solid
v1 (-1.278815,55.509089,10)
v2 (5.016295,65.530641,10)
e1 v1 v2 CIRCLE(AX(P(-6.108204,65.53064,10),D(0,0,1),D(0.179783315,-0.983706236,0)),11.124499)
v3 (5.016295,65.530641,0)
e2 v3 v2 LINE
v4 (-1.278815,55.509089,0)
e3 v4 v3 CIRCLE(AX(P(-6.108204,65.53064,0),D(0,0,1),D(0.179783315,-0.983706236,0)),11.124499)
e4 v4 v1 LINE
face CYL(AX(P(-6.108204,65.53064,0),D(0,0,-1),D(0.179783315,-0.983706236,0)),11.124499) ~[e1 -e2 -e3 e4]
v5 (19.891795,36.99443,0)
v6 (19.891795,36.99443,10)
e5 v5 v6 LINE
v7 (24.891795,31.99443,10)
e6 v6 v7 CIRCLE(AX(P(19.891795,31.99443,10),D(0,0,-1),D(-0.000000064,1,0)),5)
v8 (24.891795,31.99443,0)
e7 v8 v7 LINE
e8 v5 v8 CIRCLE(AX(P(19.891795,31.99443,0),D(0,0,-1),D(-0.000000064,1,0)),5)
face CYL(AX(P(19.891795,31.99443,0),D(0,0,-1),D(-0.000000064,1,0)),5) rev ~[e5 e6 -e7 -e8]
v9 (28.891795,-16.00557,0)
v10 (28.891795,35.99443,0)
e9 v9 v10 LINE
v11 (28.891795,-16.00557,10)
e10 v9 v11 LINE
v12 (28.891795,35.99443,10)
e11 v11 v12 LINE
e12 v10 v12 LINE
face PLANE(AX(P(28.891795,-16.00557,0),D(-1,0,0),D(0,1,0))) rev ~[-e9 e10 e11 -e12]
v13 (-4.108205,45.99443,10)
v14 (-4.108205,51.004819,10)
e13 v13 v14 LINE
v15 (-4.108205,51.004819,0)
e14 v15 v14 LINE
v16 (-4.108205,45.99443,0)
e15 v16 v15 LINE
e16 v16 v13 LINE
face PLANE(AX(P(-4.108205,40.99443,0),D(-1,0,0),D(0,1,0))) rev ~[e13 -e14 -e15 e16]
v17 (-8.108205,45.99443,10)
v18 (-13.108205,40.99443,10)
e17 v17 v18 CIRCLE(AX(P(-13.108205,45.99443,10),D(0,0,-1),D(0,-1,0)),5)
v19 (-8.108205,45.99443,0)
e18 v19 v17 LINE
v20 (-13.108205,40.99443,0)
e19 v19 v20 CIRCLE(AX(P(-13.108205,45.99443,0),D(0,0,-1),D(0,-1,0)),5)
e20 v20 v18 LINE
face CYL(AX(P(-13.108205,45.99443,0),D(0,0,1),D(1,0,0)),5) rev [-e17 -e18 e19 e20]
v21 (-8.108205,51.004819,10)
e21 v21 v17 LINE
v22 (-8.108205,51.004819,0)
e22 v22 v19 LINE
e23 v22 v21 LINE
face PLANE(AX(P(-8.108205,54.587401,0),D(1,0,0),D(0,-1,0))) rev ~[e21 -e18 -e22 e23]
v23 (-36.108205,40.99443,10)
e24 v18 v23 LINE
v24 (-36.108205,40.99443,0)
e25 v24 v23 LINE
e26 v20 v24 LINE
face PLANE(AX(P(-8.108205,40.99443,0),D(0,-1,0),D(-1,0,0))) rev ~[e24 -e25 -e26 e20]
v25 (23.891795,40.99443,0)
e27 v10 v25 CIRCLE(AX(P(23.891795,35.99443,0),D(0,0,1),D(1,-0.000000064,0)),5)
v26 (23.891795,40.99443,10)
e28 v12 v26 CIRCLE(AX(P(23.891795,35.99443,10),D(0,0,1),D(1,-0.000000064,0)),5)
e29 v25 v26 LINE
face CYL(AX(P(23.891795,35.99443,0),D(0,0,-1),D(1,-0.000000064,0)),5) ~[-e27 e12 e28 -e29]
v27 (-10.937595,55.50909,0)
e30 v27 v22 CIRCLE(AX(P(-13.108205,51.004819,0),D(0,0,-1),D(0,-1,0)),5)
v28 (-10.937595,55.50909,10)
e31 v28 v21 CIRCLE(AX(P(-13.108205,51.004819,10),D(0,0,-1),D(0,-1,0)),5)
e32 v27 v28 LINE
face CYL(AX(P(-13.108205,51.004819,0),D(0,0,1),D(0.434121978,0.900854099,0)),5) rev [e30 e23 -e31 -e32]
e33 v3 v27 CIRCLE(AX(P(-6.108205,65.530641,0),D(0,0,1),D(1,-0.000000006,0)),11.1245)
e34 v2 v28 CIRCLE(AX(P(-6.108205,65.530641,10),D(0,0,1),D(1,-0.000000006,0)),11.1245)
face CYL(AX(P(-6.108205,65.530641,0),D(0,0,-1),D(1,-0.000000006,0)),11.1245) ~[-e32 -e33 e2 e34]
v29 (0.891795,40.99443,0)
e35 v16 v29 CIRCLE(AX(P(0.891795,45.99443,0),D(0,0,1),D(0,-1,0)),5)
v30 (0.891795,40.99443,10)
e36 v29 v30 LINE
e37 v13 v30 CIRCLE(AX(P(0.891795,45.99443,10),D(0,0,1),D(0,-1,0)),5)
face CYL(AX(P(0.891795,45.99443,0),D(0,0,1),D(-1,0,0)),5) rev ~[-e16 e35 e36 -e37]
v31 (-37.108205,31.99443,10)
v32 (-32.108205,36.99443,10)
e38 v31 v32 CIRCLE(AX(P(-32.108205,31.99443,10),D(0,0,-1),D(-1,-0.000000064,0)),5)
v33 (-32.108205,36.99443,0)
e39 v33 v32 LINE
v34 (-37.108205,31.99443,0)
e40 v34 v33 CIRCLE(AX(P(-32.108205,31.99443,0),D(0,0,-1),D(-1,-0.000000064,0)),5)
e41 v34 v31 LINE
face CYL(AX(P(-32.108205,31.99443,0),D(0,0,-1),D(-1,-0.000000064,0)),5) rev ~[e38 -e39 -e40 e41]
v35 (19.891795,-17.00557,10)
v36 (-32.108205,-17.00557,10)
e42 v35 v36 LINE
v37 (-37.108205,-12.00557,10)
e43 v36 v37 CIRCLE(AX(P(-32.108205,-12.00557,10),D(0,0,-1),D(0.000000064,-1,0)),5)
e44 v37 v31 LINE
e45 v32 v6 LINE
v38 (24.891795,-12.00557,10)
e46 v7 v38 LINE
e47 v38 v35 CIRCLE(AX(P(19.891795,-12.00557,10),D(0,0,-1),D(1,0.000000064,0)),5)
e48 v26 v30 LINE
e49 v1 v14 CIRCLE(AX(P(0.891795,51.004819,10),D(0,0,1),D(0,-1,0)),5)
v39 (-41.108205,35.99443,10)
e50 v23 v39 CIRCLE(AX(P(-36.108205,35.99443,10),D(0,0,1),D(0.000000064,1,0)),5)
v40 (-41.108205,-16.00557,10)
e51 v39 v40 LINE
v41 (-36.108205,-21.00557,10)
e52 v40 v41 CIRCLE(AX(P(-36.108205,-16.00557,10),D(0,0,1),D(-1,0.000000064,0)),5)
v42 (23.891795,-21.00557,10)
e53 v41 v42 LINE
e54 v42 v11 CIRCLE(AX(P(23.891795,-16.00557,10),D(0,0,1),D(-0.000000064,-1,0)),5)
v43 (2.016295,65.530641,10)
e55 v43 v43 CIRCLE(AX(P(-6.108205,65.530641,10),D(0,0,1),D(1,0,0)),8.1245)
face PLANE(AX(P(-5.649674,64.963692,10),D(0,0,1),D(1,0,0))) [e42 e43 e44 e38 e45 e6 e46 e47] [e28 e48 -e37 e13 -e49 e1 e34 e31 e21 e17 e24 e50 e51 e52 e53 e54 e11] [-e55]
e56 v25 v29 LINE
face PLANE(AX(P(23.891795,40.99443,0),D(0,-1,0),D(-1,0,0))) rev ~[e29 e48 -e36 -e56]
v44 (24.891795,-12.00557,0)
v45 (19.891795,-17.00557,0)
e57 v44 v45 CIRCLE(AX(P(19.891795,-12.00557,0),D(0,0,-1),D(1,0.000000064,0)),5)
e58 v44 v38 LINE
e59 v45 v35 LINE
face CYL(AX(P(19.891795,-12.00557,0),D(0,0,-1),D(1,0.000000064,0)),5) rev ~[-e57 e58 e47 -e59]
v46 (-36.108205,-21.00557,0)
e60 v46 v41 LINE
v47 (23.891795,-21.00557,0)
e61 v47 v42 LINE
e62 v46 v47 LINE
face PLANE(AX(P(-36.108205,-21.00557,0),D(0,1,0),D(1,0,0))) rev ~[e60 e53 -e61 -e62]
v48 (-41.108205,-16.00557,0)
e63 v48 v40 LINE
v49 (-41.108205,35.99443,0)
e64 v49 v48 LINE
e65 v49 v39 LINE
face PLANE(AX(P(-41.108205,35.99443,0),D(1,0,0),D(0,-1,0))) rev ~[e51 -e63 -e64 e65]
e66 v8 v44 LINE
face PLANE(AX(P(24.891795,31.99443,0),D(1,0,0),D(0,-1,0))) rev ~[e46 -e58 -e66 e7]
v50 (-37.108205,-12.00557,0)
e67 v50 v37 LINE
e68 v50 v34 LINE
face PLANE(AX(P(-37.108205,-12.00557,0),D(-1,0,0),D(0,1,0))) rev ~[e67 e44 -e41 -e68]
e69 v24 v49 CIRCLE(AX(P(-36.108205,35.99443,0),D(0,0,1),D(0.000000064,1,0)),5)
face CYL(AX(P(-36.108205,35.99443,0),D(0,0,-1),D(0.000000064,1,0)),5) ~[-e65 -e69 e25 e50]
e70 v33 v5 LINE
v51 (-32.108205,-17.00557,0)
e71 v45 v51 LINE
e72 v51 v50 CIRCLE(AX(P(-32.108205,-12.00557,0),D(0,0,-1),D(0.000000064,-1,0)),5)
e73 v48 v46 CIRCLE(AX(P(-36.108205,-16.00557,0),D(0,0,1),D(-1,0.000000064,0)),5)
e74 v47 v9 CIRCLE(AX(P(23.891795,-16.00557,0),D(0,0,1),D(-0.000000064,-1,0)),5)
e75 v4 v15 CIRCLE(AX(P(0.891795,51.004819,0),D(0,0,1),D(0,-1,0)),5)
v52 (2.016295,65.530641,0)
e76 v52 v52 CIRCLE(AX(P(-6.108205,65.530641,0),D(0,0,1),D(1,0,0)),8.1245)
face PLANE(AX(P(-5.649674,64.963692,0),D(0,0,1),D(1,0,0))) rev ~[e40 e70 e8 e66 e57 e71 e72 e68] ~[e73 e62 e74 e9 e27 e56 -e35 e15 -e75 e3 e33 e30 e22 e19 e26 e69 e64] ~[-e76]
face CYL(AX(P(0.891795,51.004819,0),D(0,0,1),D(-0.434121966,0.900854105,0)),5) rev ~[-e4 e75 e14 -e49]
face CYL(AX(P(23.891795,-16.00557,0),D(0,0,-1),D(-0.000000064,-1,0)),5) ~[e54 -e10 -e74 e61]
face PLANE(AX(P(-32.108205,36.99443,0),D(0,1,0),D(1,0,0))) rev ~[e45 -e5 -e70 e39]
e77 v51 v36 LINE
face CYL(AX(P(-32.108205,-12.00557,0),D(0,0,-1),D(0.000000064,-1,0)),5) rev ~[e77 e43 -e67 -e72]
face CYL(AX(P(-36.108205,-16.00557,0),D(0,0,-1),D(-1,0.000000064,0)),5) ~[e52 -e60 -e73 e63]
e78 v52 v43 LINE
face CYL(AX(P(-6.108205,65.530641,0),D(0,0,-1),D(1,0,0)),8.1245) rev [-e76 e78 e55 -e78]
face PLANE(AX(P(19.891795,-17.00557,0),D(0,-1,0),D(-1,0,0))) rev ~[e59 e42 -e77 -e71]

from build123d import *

# Parameters (mm, degrees)
F0_R     = 8.1245
F1_DEPTH = 10
F2_R     = 5


with BuildPart() as f1:
    # F0 (on Top) → F1 (new body)
    with BuildSketch(Plane.XY):
        with BuildLine():
            ThreePointArc((5.016295, 65.530641), (-13.232302, 74.074747), (-8.108205, 54.587401))
            ThreePointArc((-8.108205, 54.587401), (-6.108205, 54.406141), (-4.108205, 54.587401))
            ThreePointArc((-4.108205, 54.587401), (2.435901, 58.406544), (5.016295, 65.530641))
        make_face()
        with Locations((-6.108205, 65.530641)):
            Circle(F0_R, mode=Mode.SUBTRACT)
        with BuildLine():
            Line((-8.108205, 40.99443), (-36.108205, 40.99443))
            ThreePointArc((-36.108205, 40.99443), (-39.643739, 39.529964), (-41.108205, 35.99443))
            Line((-41.108205, 35.99443), (-41.108205, -16.00557))
            ThreePointArc((-41.108205, -16.00557), (-39.643739, -19.541104), (-36.108205, -21.00557))
            Line((-36.108205, -21.00557), (23.891795, -21.00557))
            ThreePointArc((23.891795, -21.00557), (27.427329, -19.541104), (28.891795, -16.00557))
            Line((28.891795, -16.00557), (28.891795, 35.99443))
            ThreePointArc((28.891795, 35.99443), (27.427329, 39.529964), (23.891795, 40.99443))
            Line((23.891795, 40.99443), (-4.108205, 40.99443))
            Line((-4.108205, 40.99443), (-4.108205, 54.587401))
            ThreePointArc((-4.108205, 54.587401), (-6.108205, 54.406141), (-8.108205, 54.587401))
            Line((-8.108205, 54.587401), (-8.108205, 40.99443))
        make_face()
        with BuildLine():
            ThreePointArc((-37.108205, 31.99443), (-35.643739, 35.529964), (-32.108205, 36.99443))
            Line((-32.108205, 36.99443), (19.891795, 36.99443))
            ThreePointArc((19.891795, 36.99443), (23.427329, 35.529964), (24.891795, 31.99443))
            Line((24.891795, 31.99443), (24.891795, -12.00557))
            ThreePointArc((24.891795, -12.00557), (23.427329, -15.541104), (19.891795, -17.00557))
            Line((19.891795, -17.00557), (-32.108205, -17.00557))
            ThreePointArc((-32.108205, -17.00557), (-35.643739, -15.541104), (-37.108205, -12.00557))
            Line((-37.108205, -12.00557), (-37.108205, 31.99443))
        make_face(mode=Mode.SUBTRACT)
    extrude(amount=F1_DEPTH)

    # F2
    f2_edges = [f1.edges().sort_by_distance(p)[0] for p in [
        (-4.108205, 54.587401, 5),
        (-8.108205, 54.587401, 5),
        (-8.108205, 40.99443, 5),
        (-4.108205, 40.99443, 5),
    ]]
    fillet(f2_edges, radius=F2_R)


solid = f1.part
